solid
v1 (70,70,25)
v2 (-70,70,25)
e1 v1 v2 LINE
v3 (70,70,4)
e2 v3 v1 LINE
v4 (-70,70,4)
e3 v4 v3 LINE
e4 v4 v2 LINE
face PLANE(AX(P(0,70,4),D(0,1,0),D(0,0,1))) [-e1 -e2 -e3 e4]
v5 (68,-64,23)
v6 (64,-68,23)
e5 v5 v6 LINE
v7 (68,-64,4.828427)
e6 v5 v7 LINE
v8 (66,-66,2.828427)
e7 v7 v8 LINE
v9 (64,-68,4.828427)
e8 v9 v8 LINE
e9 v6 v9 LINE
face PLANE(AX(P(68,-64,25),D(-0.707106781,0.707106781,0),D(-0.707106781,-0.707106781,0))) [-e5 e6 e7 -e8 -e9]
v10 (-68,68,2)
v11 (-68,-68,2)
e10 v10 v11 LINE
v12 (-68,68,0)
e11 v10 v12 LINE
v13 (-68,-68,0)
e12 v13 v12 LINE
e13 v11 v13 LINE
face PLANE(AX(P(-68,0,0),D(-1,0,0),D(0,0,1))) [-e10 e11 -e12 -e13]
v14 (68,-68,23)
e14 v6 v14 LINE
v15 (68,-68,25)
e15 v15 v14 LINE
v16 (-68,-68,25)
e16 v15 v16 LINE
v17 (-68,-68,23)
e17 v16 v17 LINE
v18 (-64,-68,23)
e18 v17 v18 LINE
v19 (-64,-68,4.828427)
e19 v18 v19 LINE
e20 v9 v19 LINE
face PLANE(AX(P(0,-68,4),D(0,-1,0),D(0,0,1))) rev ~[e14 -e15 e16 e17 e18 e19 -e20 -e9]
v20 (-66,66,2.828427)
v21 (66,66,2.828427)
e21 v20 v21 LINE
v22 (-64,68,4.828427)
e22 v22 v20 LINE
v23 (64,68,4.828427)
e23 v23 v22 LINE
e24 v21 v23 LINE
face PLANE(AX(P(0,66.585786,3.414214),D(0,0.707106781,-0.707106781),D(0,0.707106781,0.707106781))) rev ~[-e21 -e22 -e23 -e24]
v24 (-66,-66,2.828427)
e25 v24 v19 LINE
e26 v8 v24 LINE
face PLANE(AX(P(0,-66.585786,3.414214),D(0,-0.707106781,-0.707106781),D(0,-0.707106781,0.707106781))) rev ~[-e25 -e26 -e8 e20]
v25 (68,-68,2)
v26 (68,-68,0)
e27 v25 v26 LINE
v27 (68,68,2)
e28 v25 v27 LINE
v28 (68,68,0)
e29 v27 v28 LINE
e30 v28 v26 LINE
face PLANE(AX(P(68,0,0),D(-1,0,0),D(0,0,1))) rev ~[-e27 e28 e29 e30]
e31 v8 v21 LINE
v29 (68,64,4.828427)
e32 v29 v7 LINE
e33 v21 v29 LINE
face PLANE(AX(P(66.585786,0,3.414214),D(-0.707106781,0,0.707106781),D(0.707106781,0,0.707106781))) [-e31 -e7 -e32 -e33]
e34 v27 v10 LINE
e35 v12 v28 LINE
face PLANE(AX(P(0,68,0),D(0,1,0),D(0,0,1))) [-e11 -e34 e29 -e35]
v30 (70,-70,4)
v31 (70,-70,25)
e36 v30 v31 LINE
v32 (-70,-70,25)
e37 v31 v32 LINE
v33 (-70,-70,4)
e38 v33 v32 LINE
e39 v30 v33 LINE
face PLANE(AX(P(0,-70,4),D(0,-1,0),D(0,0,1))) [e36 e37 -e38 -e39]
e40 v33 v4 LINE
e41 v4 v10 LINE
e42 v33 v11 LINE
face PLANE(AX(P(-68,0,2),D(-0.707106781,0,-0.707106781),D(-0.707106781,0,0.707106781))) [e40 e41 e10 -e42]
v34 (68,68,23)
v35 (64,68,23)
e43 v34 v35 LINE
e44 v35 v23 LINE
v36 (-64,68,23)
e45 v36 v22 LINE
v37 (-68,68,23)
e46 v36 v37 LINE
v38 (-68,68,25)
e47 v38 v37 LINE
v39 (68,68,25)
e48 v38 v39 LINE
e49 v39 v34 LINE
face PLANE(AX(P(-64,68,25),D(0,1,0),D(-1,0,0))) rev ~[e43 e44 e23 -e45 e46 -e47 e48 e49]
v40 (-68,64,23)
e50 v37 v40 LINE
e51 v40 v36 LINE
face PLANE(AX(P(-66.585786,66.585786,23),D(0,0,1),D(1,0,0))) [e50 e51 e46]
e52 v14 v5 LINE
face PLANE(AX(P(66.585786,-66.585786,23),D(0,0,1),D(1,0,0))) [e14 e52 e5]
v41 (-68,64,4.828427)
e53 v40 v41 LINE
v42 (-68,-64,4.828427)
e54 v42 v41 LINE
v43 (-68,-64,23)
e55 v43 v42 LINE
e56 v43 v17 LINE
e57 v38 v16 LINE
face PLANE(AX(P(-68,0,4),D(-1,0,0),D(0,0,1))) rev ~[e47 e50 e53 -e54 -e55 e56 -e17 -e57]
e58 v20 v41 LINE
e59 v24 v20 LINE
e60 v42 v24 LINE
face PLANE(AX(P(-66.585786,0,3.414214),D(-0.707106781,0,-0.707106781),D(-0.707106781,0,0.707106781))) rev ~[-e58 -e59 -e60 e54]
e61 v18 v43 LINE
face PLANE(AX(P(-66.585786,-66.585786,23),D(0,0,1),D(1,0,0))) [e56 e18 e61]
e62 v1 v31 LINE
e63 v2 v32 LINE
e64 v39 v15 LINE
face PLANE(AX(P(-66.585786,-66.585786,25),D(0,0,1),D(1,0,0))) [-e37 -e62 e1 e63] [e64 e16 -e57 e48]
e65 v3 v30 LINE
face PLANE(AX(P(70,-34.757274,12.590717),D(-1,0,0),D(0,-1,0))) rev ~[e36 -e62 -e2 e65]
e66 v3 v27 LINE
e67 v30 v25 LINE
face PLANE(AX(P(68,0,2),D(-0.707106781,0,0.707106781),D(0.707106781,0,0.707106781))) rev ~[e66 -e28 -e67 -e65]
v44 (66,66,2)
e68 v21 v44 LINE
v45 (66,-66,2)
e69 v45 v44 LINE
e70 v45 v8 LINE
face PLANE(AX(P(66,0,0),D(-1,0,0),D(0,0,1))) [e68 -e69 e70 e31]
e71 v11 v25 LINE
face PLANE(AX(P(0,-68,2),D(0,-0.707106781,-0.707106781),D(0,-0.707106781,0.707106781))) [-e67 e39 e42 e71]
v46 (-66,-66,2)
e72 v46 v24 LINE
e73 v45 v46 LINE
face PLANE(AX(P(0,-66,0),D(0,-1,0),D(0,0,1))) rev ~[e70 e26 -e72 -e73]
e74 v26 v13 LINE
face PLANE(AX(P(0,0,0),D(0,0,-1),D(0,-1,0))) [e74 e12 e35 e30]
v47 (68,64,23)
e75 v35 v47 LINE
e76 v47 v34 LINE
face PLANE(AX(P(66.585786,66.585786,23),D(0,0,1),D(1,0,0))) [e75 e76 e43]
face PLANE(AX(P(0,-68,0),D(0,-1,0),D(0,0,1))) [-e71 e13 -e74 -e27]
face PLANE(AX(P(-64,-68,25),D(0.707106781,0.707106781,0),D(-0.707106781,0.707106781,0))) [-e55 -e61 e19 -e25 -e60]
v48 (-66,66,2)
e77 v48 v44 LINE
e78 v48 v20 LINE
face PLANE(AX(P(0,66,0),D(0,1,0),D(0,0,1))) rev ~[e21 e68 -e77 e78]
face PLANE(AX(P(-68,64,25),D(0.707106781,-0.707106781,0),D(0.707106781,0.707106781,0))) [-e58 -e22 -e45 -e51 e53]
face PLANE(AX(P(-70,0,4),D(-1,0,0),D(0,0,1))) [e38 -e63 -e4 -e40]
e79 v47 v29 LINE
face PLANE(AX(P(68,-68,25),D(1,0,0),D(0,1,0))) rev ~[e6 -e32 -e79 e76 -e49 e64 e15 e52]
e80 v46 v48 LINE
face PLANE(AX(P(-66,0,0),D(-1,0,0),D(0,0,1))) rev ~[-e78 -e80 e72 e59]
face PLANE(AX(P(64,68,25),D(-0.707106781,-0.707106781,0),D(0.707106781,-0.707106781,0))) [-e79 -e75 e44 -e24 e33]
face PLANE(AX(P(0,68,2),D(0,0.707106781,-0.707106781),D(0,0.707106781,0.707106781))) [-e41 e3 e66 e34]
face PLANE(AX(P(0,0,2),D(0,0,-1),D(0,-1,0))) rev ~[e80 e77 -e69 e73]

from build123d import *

# Parameters (mm, degrees)
F1_DEPTH = 70
F3_DEPTH = 70
F4_COUNT = 4
F5_T     = -2
F7_DEPTH = 23
F8_DEPTH = 2


with BuildPart() as f1:
    # F0 (on Front) → F1 (new body)
    with BuildSketch(Plane.XZ):
        Polygon((0, 25), (0, 0), (68, 0), (68, 2), (70, 4), (70, 25), align=None)
    extrude(amount=-F1_DEPTH)

    # F2 (on Right) → F3 (intersect, through all)
    with BuildSketch(Plane.YZ):
        Polygon((0, 25), (0, 0), (68, 0), (68, 2), (70, 4), (70, 25), align=None)
    extrude(amount=F3_DEPTH, mode=Mode.INTERSECT)

    # F4: F1 ×4 about axis
    f4_axis = Axis((0, 0, 12.5), (0, 0, 1))


with BuildPart() as f1_1:
    add(f1.part)
    for i in range(1, F4_COUNT):
        add(f1.part.rotate(f4_axis, i * 360 / F4_COUNT))

    # F5
    f5_openings = [f1_1.faces().sort_by_distance(p)[0] for p in [
        (0, 0, 25),
    ]]
    offset(amount=F5_T, openings=f5_openings, kind=Kind.INTERSECTION)

    # F6 (on face) → F7 (join, through all)
    with BuildSketch(Plane.XY.offset(25)):
        Polygon((-66, -66), (-68, -64), (-68, -68), (-64, -68), align=None)
        Polygon((68, -68), (68, -64), (64, -68), align=None)
        Polygon((68, 68), (64, 68), (66, 66), (68, 64), align=None)
        Polygon((-64, 68), (-68, 68), (-68, 64), (-66, 66), align=None)
    extrude(amount=-F7_DEPTH)

    # F6 (on face) → F8 (cut)
    with BuildSketch(Plane.XY.offset(25)):
        Polygon((68, -68), (68, -64), (64, -68), align=None)
        Polygon((68, 68), (64, 68), (66, 66), (68, 64), align=None)
        Polygon((-64, 68), (-68, 68), (-68, 64), (-66, 66), align=None)
        Polygon((-66, -66), (-68, -64), (-68, -68), (-64, -68), align=None)
    extrude(amount=-F8_DEPTH, mode=Mode.SUBTRACT)


solid = f1_1.part
